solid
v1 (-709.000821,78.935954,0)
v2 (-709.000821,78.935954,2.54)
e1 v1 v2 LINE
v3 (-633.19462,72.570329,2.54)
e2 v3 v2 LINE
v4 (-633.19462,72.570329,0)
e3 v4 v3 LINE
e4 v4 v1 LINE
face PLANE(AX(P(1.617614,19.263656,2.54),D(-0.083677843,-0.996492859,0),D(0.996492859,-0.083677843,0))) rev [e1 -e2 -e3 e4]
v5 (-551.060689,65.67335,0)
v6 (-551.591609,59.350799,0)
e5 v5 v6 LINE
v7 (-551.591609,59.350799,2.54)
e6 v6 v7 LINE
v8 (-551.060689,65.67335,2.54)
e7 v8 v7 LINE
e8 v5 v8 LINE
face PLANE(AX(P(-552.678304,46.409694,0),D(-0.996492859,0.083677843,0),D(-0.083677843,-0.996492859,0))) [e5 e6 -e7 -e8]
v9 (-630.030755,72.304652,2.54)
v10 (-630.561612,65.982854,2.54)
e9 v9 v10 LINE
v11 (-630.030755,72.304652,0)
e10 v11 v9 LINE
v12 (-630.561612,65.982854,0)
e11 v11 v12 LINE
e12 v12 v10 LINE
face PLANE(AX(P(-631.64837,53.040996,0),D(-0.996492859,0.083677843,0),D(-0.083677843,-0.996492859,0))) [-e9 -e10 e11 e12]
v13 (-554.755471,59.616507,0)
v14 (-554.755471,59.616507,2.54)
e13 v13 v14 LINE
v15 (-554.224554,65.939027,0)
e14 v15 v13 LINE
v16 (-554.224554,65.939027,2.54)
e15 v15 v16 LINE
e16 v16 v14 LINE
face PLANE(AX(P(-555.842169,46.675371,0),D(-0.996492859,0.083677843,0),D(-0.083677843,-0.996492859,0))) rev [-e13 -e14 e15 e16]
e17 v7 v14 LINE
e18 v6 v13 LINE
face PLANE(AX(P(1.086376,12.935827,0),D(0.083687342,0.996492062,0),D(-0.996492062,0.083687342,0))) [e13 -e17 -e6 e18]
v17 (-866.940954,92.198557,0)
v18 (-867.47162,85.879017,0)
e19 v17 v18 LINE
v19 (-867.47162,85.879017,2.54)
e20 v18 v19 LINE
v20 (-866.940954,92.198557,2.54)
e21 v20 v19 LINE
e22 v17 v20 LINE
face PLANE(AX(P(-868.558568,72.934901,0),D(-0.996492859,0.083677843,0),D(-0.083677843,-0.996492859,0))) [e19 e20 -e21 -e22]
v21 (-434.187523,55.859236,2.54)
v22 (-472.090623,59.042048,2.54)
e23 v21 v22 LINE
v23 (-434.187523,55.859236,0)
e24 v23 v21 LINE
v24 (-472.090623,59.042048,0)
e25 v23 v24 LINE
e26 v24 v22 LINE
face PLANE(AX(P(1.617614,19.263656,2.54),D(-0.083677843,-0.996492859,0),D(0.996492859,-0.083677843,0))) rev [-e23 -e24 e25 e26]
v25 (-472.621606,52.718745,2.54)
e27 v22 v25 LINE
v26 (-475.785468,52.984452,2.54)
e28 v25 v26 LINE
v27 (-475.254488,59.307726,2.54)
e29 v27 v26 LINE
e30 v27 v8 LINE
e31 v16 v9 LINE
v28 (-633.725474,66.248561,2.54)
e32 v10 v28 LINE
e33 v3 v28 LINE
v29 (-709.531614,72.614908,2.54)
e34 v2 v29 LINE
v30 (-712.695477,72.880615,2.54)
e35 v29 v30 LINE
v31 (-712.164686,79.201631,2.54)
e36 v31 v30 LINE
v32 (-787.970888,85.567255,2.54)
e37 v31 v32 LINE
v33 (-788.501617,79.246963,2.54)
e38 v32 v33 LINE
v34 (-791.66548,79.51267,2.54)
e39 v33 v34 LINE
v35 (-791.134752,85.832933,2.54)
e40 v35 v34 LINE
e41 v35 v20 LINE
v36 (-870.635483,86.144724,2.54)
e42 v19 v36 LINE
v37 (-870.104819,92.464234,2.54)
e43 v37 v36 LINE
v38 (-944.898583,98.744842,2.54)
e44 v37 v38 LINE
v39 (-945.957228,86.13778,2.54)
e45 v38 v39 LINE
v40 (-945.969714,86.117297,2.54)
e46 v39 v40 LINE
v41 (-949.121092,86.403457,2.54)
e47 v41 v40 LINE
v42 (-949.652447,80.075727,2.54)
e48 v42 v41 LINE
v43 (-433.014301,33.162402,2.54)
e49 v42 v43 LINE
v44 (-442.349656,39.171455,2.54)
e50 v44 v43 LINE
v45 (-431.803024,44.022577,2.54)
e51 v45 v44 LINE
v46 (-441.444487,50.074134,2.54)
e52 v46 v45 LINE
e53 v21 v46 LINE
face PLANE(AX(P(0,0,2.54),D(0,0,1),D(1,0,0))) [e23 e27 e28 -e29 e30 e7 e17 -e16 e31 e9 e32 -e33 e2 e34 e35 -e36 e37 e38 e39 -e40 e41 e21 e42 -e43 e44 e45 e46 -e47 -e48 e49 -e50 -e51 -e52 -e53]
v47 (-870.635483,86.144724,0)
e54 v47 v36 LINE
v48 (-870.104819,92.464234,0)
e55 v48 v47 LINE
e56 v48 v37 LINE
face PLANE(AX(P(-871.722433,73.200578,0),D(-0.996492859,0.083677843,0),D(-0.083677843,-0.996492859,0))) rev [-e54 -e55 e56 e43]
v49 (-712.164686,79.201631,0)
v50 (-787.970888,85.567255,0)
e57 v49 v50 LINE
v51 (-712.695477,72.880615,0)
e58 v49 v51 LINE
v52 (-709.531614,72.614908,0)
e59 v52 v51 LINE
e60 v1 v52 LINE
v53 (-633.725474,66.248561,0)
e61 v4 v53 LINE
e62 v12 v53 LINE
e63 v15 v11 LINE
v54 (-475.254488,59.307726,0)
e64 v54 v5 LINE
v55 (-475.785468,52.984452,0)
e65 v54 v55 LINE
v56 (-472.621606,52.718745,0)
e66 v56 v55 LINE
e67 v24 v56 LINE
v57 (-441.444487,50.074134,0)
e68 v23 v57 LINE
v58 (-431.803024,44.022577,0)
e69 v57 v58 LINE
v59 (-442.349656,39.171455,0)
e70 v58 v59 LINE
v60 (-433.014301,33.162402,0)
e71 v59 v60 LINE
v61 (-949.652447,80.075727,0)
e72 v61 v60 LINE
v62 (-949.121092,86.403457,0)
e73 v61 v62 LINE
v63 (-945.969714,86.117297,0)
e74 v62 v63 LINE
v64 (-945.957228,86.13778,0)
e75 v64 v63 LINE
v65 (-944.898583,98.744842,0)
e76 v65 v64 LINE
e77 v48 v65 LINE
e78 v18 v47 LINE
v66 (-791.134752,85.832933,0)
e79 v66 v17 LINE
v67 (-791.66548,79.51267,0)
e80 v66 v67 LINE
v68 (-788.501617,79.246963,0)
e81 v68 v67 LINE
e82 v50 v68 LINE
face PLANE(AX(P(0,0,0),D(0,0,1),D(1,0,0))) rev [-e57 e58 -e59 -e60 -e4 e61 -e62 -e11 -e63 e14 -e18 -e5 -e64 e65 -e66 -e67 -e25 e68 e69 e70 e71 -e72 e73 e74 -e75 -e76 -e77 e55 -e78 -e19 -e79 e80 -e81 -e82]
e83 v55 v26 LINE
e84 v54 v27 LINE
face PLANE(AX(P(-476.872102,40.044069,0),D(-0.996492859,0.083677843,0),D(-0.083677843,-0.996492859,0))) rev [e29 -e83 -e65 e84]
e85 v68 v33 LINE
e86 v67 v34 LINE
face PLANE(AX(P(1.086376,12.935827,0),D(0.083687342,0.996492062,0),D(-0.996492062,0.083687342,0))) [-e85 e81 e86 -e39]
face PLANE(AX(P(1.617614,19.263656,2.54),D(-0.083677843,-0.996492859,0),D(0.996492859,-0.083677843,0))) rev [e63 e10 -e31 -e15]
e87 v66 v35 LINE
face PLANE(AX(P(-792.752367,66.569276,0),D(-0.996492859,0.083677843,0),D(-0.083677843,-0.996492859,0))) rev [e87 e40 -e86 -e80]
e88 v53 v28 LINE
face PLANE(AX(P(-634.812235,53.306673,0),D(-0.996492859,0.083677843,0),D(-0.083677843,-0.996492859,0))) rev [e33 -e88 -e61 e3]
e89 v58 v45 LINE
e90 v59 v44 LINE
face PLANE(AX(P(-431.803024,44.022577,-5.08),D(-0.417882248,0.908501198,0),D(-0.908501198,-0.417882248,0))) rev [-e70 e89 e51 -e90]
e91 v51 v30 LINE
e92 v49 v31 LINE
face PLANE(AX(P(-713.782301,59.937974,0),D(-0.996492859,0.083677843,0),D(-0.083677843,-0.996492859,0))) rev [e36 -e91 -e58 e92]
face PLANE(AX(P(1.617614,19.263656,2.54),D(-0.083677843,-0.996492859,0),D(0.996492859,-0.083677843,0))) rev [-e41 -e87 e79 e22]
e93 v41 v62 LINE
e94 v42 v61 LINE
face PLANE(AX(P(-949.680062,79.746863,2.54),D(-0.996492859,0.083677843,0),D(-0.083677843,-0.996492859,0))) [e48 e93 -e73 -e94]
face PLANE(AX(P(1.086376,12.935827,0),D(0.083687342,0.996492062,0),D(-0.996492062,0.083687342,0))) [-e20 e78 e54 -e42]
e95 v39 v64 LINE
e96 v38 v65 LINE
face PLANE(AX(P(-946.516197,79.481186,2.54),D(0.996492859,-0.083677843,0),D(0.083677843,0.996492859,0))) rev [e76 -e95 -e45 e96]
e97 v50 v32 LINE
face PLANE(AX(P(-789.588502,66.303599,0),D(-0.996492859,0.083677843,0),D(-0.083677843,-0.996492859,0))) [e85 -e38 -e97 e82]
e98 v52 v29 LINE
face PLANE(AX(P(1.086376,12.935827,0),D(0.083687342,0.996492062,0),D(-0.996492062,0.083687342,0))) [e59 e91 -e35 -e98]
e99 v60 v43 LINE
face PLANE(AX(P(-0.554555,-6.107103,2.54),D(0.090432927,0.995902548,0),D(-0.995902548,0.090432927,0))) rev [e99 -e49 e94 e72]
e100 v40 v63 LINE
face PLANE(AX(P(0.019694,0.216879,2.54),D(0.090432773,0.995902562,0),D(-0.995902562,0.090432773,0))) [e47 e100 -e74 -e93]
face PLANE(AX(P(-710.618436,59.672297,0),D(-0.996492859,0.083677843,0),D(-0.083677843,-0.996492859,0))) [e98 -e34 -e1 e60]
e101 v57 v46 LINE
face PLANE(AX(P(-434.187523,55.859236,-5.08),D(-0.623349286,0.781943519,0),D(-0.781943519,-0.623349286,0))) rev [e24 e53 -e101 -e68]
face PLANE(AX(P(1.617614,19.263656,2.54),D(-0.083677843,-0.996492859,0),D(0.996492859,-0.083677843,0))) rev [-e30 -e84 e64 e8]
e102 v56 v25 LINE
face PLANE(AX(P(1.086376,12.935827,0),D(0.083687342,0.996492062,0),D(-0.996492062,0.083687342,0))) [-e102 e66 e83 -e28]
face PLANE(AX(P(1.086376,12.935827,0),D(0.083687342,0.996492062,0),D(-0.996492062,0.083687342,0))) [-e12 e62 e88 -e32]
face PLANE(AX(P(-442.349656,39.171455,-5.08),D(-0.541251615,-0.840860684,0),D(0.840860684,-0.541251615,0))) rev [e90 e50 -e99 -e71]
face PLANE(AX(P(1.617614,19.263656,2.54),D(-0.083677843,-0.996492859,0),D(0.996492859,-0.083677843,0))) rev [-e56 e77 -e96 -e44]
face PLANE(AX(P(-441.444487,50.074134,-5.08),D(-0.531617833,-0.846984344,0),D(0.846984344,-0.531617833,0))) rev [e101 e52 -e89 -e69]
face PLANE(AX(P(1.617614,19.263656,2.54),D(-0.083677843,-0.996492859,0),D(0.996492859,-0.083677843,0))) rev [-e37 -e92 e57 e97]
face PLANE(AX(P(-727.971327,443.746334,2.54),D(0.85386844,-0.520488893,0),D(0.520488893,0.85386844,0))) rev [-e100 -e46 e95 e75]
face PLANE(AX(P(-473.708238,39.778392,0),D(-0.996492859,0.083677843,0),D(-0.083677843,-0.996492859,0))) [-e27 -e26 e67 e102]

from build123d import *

# Parameters (mm, degrees)
BOSS_EXTRUDE1_DEPTH     = 2.54
CUT_EXTRUDE1_DEPTH      = 1
CUT_EXTRUDE1_DEPTH_BACK = 3.54
CUT_EXTRUDE2_DEPTH      = 7.62


with BuildPart() as part:
    # Sketch1 → Boss-Extrude1 (new body)
    with BuildSketch(Plane.XY):
        Polygon((-945.957227657, 86.137779906), (-945.969713578, 86.1172966), (-949.121092485, 86.403457059), (-949.65244679, 80.075727402), (-9.887238192, -5.25964904), (-6.723373364, -5.525326193), (0, -5.833733414), (152.4, -5.833733414), (152.4, 11.946266586), (139.7, 11.946266586), (139.7, 6.866266586), (136.525, 6.866266586), (136.525, 11.946266586), (95.25, 11.946266586), (95.25, 6.866266586), (92.075, 6.866266586), (92.075, 11.946266586), (79.375, 11.946266586), (79.375, 6.866266586), (76.2, 6.866266586), (76.2, 11.946266586), (69.85, 11.946266586), (25.4, 19.566266586), (19.05, 19.566266586), (19.05, 14.486266586), (15.875, 14.486266586), (15.875, 19.566266586), (3.175, 19.566266586), (3.175, 13.216266586), (0, 13.216266586), (0, 19.566266586), (-1.98607431, 19.566266586), (-4.597956143, 19.785592432), (-5.129310448, 13.457862776), (-8.293175277, 13.723539928), (-7.761820971, 20.051269584), (-944.89858306, 98.744842179), align=None)
    extrude(amount=BOSS_EXTRUDE1_DEPTH)

    # Sketch2 → Cut-Extrude1 (cut, two sides)
    with BuildSketch(Plane.XY.offset(2.54)) as cut_extrude1_sk:
        Polygon((-867.4716203, 85.879017088), (-866.940953695, 92.198557139), (-870.104818523, 92.464234292), (-870.635482595, 86.144724398), align=None)
        Polygon((-788.501617399, 79.246962625), (-787.970887585, 85.567255411), (-791.134752413, 85.832932563), (-791.665479694, 79.512669935), align=None)
        Polygon((-709.531614498, 72.614908162), (-709.000821475, 78.935953682), (-712.164686303, 79.201630835), (-712.695476794, 72.880615473), align=None)
        Polygon((-630.561611597, 65.9828537), (-630.030755365, 72.304651954), (-633.194620194, 72.570329107), (-633.725473893, 66.24856101), align=None)
        Polygon((-551.591608696, 59.350799237), (-551.060689256, 65.673350226), (-554.224554084, 65.939027378), (-554.755470992, 59.616506547), align=None)
        Polygon((-472.621605795, 52.718744774), (-472.090623146, 59.042048497), (-475.254487974, 59.30772565), (-475.785468091, 52.984452084), align=None)
        Polygon((-393.651602894, 46.086690311), (-393.120557036, 52.410746769), (-396.284421864, 52.676423921), (-396.81546519, 46.352397622), align=None)
        Polygon((-314.681599993, 39.454635849), (-314.150490926, 45.77944504), (-317.314355754, 46.045122193), (-317.845462289, 39.720343159), align=None)
        Polygon((-235.711597092, 32.822581386), (-235.180424816, 39.148143312), (-238.344289645, 39.413820465), (-238.875459388, 33.088288696), align=None)
        Polygon((-156.741594191, 26.190526923), (-156.210358707, 32.516841584), (-159.374223535, 32.782518736), (-159.905456487, 26.456234233), align=None)
        Polygon((-77.240292597, 25.885539855), (-80.404157425, 26.151217008), (-80.935453586, 19.824179771), (-77.77159129, 19.55847246), align=None)
    extrude(amount=CUT_EXTRUDE1_DEPTH, mode=Mode.SUBTRACT)
    extrude(cut_extrude1_sk.sketch, amount=-CUT_EXTRUDE1_DEPTH_BACK, mode=Mode.SUBTRACT)

    # Sketch3 → Cut-Extrude2 (cut)
    with BuildSketch(Plane.XY.offset(2.54)):
        Polygon((-434.187522505, 55.859236209), (-441.444486836, 50.074133547), (-431.803024179, 44.022577198), (-442.349656028, 39.171455119), (-433.014300591, 33.162402364), (148.326621663, -67.648294025), (201.247452175, 33.162402364), align=None)
    extrude(amount=-CUT_EXTRUDE2_DEPTH, mode=Mode.SUBTRACT)


solid = part.part
